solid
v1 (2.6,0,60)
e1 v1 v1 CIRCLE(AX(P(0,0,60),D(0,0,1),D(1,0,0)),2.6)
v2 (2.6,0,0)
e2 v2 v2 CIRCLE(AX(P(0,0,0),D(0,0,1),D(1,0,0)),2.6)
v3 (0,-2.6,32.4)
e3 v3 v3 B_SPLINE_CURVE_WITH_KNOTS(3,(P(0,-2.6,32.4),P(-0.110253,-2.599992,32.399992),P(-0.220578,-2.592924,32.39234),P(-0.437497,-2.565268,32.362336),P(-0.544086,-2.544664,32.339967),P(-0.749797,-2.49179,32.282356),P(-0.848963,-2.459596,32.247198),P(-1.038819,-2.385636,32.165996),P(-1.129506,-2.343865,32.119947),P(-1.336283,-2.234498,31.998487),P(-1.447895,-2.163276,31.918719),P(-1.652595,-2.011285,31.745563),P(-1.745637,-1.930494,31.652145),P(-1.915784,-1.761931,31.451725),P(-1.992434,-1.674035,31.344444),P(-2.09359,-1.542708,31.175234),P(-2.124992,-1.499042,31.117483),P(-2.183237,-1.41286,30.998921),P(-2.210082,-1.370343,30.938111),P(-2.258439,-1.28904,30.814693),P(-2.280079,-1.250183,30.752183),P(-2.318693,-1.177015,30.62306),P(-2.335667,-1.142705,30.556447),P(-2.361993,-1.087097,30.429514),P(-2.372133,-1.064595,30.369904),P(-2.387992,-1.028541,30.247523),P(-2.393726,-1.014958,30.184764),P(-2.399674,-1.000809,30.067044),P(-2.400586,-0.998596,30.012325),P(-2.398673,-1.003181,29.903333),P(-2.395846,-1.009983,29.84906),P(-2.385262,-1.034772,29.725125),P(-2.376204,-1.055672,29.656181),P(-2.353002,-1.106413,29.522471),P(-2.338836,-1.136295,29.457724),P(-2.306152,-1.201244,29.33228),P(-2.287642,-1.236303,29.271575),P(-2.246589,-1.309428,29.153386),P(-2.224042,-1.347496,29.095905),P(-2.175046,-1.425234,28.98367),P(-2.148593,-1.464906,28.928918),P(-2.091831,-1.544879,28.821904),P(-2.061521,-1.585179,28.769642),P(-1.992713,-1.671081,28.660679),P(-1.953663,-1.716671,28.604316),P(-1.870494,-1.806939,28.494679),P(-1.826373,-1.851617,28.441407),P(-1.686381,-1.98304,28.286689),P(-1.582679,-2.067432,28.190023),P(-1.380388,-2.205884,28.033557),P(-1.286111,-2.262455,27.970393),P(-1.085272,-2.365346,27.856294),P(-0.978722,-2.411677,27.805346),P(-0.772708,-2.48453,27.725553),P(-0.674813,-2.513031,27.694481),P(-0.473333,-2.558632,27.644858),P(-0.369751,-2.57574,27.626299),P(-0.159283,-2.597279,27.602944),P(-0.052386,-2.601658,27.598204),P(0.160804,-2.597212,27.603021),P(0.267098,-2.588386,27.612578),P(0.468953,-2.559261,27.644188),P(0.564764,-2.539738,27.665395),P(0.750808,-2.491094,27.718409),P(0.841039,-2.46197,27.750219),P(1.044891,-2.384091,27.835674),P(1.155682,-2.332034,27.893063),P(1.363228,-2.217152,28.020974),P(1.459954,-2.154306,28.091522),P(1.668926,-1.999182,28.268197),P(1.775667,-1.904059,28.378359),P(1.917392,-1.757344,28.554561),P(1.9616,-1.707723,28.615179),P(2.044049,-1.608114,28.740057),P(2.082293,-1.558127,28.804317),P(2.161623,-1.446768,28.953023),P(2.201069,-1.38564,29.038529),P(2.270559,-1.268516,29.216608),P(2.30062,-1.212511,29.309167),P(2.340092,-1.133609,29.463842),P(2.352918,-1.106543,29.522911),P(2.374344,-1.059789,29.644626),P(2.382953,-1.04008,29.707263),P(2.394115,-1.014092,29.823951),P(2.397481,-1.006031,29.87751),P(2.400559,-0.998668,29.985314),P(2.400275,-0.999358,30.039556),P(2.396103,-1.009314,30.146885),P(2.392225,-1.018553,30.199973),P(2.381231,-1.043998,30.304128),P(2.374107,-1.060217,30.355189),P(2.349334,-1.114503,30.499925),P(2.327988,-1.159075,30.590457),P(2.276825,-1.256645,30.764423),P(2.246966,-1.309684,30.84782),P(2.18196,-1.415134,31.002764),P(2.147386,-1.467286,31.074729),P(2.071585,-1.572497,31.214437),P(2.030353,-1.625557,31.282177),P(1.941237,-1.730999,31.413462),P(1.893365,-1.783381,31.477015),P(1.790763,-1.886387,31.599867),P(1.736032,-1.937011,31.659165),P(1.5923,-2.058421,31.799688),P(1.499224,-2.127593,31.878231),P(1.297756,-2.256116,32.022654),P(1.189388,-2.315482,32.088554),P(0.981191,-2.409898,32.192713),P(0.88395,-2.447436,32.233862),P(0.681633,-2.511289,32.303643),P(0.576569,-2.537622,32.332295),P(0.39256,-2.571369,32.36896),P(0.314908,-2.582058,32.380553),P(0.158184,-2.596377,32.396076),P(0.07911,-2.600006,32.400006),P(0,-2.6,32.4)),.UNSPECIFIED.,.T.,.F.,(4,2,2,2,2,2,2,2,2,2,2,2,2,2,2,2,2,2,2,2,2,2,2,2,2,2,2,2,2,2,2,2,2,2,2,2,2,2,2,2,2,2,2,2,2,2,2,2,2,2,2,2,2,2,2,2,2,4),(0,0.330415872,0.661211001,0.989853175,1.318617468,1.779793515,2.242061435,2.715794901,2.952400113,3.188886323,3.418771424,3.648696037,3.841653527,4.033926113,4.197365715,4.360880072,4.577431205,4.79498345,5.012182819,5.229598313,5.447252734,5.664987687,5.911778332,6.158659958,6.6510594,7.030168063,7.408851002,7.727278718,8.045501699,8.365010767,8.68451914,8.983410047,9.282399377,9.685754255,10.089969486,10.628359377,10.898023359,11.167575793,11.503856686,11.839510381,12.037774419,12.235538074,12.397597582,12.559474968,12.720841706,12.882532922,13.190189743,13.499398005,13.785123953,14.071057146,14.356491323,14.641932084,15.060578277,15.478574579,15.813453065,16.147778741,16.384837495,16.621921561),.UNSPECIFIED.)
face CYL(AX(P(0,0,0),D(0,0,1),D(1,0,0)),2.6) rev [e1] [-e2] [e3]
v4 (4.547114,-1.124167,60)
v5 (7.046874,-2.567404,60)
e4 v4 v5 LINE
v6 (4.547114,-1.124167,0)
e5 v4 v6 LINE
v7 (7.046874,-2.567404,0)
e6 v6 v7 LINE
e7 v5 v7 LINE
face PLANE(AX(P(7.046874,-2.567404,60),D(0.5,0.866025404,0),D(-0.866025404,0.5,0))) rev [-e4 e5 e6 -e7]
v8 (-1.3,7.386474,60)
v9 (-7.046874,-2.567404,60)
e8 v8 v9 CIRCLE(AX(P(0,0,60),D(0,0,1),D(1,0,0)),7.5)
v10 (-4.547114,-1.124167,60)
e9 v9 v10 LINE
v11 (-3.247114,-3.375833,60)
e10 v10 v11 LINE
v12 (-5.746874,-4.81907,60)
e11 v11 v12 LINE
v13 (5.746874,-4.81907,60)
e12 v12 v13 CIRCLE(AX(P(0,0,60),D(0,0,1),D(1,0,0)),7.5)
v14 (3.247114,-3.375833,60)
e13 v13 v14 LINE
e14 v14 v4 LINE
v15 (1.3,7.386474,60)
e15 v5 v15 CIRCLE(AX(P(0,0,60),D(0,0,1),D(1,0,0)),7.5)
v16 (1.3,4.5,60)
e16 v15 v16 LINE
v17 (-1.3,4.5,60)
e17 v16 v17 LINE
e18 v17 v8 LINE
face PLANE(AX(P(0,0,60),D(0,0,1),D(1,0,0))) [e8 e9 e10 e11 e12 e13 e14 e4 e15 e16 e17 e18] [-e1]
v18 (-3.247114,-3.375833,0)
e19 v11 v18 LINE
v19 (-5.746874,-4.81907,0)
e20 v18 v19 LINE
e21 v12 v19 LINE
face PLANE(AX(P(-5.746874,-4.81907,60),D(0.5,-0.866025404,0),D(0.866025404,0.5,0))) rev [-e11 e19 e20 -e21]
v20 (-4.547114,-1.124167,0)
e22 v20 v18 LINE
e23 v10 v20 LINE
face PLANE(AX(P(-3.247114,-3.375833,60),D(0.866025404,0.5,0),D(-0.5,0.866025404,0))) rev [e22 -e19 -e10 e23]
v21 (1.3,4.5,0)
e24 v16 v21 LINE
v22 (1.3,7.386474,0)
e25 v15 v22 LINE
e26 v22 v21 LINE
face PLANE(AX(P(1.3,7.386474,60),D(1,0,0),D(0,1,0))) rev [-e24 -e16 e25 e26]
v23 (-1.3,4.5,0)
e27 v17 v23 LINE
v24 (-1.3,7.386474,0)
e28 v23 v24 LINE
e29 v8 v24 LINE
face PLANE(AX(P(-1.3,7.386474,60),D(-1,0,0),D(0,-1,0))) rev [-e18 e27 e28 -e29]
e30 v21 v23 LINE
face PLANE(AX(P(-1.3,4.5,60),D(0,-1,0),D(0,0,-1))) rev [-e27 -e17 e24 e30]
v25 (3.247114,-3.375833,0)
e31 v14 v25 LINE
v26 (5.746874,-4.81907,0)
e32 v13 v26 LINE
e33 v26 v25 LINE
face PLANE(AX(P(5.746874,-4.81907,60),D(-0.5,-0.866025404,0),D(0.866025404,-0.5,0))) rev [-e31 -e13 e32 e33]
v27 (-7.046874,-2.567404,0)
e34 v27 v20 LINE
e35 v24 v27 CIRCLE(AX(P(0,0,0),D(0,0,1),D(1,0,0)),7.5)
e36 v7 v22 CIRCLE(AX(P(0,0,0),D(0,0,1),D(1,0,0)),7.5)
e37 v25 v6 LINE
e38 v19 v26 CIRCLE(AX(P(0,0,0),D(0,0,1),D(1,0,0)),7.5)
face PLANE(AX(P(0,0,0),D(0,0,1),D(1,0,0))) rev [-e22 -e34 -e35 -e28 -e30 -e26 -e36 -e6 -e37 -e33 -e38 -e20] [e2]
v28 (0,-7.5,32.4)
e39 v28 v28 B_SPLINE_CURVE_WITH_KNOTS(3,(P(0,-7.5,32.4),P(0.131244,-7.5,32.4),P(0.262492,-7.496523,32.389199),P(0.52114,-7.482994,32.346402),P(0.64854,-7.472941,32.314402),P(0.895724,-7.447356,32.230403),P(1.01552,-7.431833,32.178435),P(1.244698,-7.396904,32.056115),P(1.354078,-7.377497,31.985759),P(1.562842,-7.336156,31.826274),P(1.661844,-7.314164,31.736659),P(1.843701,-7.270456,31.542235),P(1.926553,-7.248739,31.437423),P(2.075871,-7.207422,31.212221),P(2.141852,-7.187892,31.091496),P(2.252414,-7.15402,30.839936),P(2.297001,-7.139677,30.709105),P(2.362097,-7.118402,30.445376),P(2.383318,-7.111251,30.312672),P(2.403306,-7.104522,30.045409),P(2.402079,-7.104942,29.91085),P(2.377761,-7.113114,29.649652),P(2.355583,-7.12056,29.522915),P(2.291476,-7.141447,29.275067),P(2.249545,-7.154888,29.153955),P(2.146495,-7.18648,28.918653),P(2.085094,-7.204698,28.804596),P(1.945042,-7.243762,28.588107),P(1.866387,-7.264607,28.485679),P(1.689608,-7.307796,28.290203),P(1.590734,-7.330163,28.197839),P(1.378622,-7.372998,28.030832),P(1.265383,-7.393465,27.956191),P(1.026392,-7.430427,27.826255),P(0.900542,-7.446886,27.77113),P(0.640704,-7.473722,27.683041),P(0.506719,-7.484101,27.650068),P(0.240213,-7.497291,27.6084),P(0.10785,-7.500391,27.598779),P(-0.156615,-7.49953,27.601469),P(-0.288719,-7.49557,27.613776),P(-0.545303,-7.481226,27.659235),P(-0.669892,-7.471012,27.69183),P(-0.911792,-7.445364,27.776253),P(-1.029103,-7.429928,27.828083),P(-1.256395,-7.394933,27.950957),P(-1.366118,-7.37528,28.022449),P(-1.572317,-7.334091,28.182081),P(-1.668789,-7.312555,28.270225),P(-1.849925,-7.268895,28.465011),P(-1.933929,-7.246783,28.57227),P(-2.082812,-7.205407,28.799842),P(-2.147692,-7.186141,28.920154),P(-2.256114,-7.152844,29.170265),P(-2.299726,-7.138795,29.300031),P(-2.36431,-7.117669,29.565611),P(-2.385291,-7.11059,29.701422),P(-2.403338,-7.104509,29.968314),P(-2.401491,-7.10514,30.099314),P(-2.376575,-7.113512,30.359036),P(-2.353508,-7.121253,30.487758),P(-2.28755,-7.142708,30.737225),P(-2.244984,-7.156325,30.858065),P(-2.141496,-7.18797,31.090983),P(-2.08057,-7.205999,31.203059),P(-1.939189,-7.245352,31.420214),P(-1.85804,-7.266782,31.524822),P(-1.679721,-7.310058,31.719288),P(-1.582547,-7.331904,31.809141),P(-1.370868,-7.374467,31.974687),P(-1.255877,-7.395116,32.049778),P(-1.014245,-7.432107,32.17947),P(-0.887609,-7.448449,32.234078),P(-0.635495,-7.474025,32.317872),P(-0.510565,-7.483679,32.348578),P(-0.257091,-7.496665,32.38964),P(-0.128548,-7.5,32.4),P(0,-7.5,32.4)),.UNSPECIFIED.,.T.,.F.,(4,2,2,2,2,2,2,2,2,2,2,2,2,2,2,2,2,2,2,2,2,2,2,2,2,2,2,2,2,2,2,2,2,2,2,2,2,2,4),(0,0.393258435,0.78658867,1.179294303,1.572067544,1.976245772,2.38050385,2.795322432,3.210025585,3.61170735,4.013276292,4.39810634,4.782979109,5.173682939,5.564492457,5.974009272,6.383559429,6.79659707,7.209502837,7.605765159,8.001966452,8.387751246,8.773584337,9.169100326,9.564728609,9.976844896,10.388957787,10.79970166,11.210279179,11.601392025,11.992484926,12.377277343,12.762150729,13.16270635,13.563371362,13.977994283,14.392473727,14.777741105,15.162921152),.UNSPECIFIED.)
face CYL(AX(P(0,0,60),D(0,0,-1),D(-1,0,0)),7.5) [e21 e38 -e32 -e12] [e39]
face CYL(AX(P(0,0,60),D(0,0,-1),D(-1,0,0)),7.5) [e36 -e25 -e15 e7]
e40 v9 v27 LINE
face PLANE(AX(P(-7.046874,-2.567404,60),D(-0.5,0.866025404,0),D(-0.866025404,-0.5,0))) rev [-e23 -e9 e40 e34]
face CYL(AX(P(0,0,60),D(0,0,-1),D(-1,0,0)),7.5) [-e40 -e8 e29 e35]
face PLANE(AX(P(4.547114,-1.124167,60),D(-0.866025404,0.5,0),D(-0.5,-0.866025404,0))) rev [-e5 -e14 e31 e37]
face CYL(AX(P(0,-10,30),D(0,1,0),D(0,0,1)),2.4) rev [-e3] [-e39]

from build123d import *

# Parameters (mm, degrees)
ESTRUSIONE_ESTRUSIONE1_DEPTH = 60
SCHIZZO2_R                   = 2.6
TAGLIO_ESTRUSIONE1_DEPTH     = 60
SCHIZZO3_R                   = 2.4
TAGLIO_ESTRUSIONE2_DEPTH     = 10


with BuildPart() as part:
    # Schizzo1 → Estrusione-Estrusione1 (new body)
    with BuildSketch(Plane.XY):
        with BuildLine():
            Line((7.046874237, -2.567404038), (4.547114317, -1.124166975))
            Line((4.547114317, -1.124166975), (3.247114317, -3.375833025))
            Line((3.247114317, -3.375833025), (5.746874237, -4.819070087))
            ThreePointArc((5.746874237, -4.819070087), (0, -7.5), (-5.746874237, -4.819070087))
            Line((-5.746874237, -4.819070087), (-3.247114317, -3.375833025))
            Line((-3.247114317, -3.375833025), (-4.547114317, -1.124166975))
            Line((-4.547114317, -1.124166975), (-7.046874237, -2.567404038))
            ThreePointArc((-7.046874237, -2.567404038), (-6.495190528, 3.75), (-1.3, 7.386474125))
            Line((-1.3, 7.386474125), (-1.3, 4.5))
            Line((-1.3, 4.5), (1.3, 4.5))
            Line((1.3, 4.5), (1.3, 7.386474125))
            ThreePointArc((1.3, 7.386474125), (6.495190528, 3.75), (7.046874237, -2.567404038))
        make_face()
    extrude(amount=ESTRUSIONE_ESTRUSIONE1_DEPTH)

    # Schizzo2 → Taglio-Estrusione1 (cut)
    with BuildSketch(Plane.XY.offset(60)):
        Circle(SCHIZZO2_R)
    extrude(amount=-TAGLIO_ESTRUSIONE1_DEPTH, mode=Mode.SUBTRACT)

    # Schizzo3 → Taglio-Estrusione2 (cut)
    with BuildSketch(Plane(origin=(0, 0, 0), x_dir=(1, 0, 0), z_dir=(0, 1, 0))):
        with Locations(Location((0, -30, 0), (0, 0, 270))):
            Circle(SCHIZZO3_R)
    extrude(amount=-TAGLIO_ESTRUSIONE2_DEPTH, mode=Mode.SUBTRACT)


solid = part.part
